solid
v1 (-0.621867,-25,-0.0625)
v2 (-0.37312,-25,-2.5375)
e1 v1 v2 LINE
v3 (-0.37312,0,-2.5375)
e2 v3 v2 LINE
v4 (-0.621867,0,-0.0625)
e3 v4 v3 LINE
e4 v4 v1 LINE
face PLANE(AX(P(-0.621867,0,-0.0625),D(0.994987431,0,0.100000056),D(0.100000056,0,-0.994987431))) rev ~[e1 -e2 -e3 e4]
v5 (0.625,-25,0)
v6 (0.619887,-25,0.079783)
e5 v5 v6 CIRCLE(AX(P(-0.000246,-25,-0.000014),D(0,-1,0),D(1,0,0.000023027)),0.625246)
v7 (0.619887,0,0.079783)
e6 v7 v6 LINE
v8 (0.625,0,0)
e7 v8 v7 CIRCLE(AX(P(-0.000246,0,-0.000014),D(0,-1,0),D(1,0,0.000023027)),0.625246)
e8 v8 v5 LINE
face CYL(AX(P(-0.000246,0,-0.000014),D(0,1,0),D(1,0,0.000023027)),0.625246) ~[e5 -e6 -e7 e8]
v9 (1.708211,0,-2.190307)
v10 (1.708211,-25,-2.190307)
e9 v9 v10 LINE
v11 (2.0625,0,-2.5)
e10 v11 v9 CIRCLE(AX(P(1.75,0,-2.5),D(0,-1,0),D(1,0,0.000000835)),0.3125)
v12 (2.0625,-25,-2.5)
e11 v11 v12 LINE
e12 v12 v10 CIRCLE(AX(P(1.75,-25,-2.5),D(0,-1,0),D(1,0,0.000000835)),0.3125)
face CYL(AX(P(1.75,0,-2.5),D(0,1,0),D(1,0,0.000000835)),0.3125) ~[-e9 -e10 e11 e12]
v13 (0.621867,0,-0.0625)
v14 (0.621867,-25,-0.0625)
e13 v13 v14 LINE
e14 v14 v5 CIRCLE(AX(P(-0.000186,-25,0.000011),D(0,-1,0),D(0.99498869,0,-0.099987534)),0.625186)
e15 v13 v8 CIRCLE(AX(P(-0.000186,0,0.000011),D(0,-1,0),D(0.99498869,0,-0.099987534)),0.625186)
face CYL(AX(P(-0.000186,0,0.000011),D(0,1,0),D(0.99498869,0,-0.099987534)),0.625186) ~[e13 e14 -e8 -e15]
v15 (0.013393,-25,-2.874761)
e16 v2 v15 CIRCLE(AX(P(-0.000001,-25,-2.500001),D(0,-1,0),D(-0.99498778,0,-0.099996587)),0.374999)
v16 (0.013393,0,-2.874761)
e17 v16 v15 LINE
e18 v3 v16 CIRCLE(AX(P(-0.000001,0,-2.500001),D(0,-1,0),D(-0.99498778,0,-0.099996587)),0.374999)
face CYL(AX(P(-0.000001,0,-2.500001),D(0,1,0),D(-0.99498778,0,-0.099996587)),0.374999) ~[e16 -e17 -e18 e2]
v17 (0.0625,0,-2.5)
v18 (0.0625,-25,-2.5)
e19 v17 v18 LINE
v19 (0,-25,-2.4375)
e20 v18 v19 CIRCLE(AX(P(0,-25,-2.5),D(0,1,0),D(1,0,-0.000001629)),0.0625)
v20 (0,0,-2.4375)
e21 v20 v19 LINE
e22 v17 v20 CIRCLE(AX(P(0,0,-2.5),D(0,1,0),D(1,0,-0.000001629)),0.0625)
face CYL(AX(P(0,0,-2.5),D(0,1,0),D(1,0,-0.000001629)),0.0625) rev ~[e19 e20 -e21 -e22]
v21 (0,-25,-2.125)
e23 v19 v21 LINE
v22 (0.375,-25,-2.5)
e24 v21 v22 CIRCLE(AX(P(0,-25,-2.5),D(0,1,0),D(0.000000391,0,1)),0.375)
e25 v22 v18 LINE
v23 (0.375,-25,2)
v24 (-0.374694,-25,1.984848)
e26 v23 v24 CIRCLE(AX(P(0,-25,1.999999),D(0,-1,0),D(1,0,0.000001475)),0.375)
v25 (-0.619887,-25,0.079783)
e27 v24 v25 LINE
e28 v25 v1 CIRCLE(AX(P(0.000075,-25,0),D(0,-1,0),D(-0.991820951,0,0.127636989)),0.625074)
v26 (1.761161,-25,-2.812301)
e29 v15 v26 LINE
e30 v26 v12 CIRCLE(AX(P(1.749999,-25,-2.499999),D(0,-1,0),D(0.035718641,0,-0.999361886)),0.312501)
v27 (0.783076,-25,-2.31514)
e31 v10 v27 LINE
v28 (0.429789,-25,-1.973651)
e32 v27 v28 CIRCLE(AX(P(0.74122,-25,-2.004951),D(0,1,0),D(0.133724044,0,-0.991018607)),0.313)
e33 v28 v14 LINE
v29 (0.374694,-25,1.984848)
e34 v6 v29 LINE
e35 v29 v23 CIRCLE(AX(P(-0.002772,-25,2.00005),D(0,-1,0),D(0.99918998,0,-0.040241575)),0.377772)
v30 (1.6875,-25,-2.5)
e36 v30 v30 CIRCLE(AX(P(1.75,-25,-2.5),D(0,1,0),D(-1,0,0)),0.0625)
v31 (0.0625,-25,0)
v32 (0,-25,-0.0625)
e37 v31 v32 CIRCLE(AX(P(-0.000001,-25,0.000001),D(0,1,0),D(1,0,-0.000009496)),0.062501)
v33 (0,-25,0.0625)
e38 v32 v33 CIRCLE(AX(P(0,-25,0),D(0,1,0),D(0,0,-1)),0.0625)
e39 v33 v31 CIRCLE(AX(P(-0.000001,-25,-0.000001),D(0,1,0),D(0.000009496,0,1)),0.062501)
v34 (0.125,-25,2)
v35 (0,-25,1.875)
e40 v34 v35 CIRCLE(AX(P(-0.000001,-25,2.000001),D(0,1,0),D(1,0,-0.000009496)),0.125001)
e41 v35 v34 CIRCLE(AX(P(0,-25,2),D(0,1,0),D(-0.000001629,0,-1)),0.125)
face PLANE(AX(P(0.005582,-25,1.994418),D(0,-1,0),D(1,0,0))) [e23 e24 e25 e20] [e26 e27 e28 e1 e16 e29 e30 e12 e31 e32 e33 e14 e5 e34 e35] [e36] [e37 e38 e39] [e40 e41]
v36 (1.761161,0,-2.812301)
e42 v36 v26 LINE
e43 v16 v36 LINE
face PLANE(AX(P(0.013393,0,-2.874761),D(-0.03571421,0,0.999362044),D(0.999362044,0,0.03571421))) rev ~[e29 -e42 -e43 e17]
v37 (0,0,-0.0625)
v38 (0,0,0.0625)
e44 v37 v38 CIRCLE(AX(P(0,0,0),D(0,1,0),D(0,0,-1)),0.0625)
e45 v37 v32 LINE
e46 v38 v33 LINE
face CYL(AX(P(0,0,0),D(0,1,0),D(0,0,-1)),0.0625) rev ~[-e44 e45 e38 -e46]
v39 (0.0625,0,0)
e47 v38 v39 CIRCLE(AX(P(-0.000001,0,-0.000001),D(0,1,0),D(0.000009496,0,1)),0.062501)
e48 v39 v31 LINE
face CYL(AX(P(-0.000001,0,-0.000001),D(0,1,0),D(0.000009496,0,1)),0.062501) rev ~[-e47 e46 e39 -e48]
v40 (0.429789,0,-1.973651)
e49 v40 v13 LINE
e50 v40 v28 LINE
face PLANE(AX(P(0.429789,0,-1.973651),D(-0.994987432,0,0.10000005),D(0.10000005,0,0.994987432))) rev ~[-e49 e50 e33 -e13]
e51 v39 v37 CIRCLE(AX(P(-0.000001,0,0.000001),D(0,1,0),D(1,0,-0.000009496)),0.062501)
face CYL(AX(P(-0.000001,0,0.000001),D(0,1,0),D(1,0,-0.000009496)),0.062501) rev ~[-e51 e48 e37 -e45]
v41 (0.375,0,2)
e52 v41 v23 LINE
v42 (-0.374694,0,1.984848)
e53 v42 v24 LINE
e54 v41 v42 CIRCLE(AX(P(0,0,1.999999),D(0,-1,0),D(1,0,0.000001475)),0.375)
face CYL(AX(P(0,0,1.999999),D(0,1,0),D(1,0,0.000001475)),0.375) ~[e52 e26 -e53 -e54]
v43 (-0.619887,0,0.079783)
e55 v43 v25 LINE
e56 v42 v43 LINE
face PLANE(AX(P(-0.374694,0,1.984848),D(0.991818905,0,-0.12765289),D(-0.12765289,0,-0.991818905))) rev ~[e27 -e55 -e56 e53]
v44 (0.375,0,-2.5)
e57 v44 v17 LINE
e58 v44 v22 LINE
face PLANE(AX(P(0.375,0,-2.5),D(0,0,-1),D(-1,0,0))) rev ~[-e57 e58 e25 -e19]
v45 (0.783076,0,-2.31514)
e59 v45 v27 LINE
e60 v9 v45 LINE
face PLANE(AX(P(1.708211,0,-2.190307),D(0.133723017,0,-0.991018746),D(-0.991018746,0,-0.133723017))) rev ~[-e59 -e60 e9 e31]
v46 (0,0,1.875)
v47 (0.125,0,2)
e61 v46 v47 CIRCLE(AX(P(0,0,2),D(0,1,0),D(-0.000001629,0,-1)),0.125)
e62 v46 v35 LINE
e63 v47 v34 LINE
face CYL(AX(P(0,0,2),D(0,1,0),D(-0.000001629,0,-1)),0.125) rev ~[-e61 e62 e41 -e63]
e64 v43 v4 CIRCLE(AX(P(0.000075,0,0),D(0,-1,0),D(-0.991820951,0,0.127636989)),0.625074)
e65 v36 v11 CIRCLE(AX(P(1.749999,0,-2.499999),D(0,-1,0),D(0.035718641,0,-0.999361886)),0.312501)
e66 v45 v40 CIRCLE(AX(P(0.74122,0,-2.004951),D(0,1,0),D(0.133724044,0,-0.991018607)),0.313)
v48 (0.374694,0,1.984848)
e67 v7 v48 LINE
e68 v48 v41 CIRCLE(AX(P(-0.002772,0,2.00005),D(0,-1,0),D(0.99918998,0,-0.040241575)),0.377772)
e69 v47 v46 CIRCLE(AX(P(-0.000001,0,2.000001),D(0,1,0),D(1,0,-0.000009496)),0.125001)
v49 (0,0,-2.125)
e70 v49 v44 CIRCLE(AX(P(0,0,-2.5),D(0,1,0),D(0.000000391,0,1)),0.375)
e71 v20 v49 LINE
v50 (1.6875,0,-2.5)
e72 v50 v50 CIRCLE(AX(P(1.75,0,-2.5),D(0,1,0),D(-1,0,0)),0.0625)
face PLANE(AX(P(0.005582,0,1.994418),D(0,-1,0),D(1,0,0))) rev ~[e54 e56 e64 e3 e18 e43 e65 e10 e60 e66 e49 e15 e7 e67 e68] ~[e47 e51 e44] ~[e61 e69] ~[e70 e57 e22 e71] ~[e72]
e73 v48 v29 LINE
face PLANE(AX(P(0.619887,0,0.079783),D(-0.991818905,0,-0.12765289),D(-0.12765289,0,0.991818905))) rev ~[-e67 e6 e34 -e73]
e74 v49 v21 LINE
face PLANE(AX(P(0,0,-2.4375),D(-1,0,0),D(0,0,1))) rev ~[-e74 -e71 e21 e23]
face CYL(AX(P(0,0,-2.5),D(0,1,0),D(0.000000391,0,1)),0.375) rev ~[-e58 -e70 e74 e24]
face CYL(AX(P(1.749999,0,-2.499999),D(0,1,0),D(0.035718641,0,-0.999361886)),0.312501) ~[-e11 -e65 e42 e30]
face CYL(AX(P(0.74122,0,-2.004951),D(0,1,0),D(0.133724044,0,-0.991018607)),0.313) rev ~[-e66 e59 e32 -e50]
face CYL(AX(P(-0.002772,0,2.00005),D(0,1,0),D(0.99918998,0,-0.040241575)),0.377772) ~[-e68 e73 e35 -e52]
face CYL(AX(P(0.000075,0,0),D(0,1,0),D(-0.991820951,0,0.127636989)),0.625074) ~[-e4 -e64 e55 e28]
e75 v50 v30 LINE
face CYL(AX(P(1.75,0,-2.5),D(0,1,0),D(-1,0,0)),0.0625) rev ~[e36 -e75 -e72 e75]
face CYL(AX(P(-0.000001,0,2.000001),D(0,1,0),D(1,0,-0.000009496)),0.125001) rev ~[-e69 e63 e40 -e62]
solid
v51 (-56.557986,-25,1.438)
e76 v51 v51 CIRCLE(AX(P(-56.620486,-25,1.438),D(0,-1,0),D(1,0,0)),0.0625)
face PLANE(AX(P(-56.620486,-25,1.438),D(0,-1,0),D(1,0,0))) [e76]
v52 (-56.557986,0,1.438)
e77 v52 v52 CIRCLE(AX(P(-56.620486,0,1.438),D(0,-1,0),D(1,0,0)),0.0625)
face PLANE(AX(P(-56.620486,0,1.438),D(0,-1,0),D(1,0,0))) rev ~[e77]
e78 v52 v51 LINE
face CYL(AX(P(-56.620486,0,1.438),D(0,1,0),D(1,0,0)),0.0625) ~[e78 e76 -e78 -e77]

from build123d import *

# Parameters (mm, degrees)
F0_R     = 0.0625
F1_DEPTH = 25


with BuildPart() as f1:
    # F0 (on Front) → F1 (new body)
    with BuildSketch(Plane.XZ):
        with BuildLine():
            ThreePointArc((0.125, 2), (-0.088388, 2.088388), (0, 1.875))
            ThreePointArc((0, 1.875), (0.088388, 1.911612), (0.125, 2))
        make_face()
        with BuildLine():
            ThreePointArc((0.374694, 1.984848), (0.374923, 1.992423), (0.375, 2))
            ThreePointArc((0.375, 2), (-0.007577, 2.374923), (-0.374694, 1.984848))
            ThreePointArc((-0.374694, 1.984848), (-0.259753, 1.729531), (0, 1.625))
            ThreePointArc((0, 1.625), (0.259753, 1.729531), (0.374694, 1.984848))
        make_face()
        with BuildLine():
            ThreePointArc((0.125, 2), (0.088388, 1.911612), (0, 1.875))
            ThreePointArc((0, 1.875), (-0.088388, 2.088388), (0.125, 2))
        make_face(mode=Mode.SUBTRACT)
        with BuildLine():
            ThreePointArc((0, 1.625), (-0.259753, 1.729531), (-0.374694, 1.984848))
            Line((-0.374694, 1.984848), (-0.619887, 0.079783))
            ThreePointArc((-0.619887, 0.079783), (-0.412771, 0.469302), (0, 0.625))
            Line((0, 0.625), (0, 1.625))
        make_face()
        with BuildLine():
            Line((0.619887, 0.079783), (0.374694, 1.984848))
            ThreePointArc((0.374694, 1.984848), (0.259753, 1.729531), (0, 1.625))
            Line((0, 1.625), (0, 0.625))
            ThreePointArc((0, 0.625), (0.412771, 0.469302), (0.619887, 0.079783))
        make_face()
        with BuildLine():
            ThreePointArc((0, 0.625), (-0.412771, 0.469302), (-0.619887, 0.079783))
            ThreePointArc((-0.619887, 0.079783), (-0.624939, 0.008698), (-0.621867, -0.0625))
            ThreePointArc((-0.621867, -0.0625), (-0.419263, -0.463512), (0, -0.625))
            Line((0, -0.625), (0, -0.0625))
            ThreePointArc((0, -0.0625), (-0.0625, 0), (0, 0.0625))
            Line((0, 0.0625), (0, 0.625))
        make_face()
        with BuildLine():
            ThreePointArc((0.625, 0), (0.62372, 0.039973), (0.619887, 0.079783))
            ThreePointArc((0.619887, 0.079783), (0.412771, 0.469302), (0, 0.625))
            Line((0, 0.625), (0, 0.0625))
            ThreePointArc((0, 0.0625), (0.044194, 0.044194), (0.0625, 0))
            ThreePointArc((0.0625, 0), (0.044194, -0.044194), (0, -0.0625))
            Line((0, -0.0625), (0, -0.625))
            ThreePointArc((0, -0.625), (0.419263, -0.463512), (0.621867, -0.0625))
            ThreePointArc((0.621867, -0.0625), (0.624216, -0.031289), (0.625, 0))
        make_face()
        with BuildLine():
            ThreePointArc((0, -0.625), (-0.419263, -0.463512), (-0.621867, -0.0625))
            Line((-0.621867, -0.0625), (-0.37312, -2.5375))
            ThreePointArc((-0.37312, -2.5375), (-0.278107, -2.248442), (0, -2.125))
            Line((0, -2.125), (0, -0.625))
        make_face()
        with BuildLine():
            ThreePointArc((0.621867, -0.0625), (0.419263, -0.463512), (0, -0.625))
            Line((0, -0.625), (0, -2.125))
            ThreePointArc((0, -2.125), (0.265165, -2.234835), (0.375, -2.5))
            Line((0.375, -2.5), (1.4375, -2.5))
            ThreePointArc((1.4375, -2.5), (1.514718, -2.294334), (1.708211, -2.190307))
            Line((1.708211, -2.190307), (0.783076, -2.31514))
            ThreePointArc((0.783076, -2.31514), (0.523685, -2.230001), (0.429789, -1.973651))
            Line((0.429789, -1.973651), (0.621867, -0.0625))
        make_face()
        with BuildLine():
            ThreePointArc((0, -2.125), (-0.278107, -2.248442), (-0.37312, -2.5375))
            ThreePointArc((-0.37312, -2.5375), (-0.246551, -2.782556), (0.013393, -2.874761))
            ThreePointArc((0.013393, -2.874761), (0.269859, -2.760387), (0.375, -2.5))
            Line((0.375, -2.5), (0.0625, -2.5))
            ThreePointArc((0.0625, -2.5), (-0.044194, -2.544194), (0, -2.4375))
            Line((0, -2.4375), (0, -2.125))
        make_face()
        with BuildLine():
            ThreePointArc((0.375, -2.5), (0.269859, -2.760387), (0.013393, -2.874761))
            Line((0.013393, -2.874761), (1.761161, -2.812301))
            ThreePointArc((1.761161, -2.812301), (1.533011, -2.724882), (1.4375, -2.5))
            Line((1.4375, -2.5), (0.375, -2.5))
        make_face()
        with BuildLine():
            ThreePointArc((1.8125, -2.5), (1.75, -2.4375), (1.6875, -2.5))
            ThreePointArc((1.6875, -2.5), (1.75, -2.5625), (1.8125, -2.5))
        make_face()
        with BuildLine():
            ThreePointArc((1.4375, -2.5), (1.533011, -2.724882), (1.761161, -2.812301))
            ThreePointArc((1.761161, -2.812301), (1.974882, -2.716989), (2.0625, -2.5))
            ThreePointArc((2.0625, -2.5), (1.955666, -2.264718), (1.708211, -2.190307))
            ThreePointArc((1.708211, -2.190307), (1.514718, -2.294334), (1.4375, -2.5))
        make_face()
        with BuildLine():
            ThreePointArc((1.8125, -2.5), (1.75, -2.5625), (1.6875, -2.5))
            ThreePointArc((1.6875, -2.5), (1.75, -2.4375), (1.8125, -2.5))
        make_face(mode=Mode.SUBTRACT)
        with Locations((-56.620486, 1.438)):
            Circle(F0_R)
    extrude(amount=F1_DEPTH)


solid = f1.part
